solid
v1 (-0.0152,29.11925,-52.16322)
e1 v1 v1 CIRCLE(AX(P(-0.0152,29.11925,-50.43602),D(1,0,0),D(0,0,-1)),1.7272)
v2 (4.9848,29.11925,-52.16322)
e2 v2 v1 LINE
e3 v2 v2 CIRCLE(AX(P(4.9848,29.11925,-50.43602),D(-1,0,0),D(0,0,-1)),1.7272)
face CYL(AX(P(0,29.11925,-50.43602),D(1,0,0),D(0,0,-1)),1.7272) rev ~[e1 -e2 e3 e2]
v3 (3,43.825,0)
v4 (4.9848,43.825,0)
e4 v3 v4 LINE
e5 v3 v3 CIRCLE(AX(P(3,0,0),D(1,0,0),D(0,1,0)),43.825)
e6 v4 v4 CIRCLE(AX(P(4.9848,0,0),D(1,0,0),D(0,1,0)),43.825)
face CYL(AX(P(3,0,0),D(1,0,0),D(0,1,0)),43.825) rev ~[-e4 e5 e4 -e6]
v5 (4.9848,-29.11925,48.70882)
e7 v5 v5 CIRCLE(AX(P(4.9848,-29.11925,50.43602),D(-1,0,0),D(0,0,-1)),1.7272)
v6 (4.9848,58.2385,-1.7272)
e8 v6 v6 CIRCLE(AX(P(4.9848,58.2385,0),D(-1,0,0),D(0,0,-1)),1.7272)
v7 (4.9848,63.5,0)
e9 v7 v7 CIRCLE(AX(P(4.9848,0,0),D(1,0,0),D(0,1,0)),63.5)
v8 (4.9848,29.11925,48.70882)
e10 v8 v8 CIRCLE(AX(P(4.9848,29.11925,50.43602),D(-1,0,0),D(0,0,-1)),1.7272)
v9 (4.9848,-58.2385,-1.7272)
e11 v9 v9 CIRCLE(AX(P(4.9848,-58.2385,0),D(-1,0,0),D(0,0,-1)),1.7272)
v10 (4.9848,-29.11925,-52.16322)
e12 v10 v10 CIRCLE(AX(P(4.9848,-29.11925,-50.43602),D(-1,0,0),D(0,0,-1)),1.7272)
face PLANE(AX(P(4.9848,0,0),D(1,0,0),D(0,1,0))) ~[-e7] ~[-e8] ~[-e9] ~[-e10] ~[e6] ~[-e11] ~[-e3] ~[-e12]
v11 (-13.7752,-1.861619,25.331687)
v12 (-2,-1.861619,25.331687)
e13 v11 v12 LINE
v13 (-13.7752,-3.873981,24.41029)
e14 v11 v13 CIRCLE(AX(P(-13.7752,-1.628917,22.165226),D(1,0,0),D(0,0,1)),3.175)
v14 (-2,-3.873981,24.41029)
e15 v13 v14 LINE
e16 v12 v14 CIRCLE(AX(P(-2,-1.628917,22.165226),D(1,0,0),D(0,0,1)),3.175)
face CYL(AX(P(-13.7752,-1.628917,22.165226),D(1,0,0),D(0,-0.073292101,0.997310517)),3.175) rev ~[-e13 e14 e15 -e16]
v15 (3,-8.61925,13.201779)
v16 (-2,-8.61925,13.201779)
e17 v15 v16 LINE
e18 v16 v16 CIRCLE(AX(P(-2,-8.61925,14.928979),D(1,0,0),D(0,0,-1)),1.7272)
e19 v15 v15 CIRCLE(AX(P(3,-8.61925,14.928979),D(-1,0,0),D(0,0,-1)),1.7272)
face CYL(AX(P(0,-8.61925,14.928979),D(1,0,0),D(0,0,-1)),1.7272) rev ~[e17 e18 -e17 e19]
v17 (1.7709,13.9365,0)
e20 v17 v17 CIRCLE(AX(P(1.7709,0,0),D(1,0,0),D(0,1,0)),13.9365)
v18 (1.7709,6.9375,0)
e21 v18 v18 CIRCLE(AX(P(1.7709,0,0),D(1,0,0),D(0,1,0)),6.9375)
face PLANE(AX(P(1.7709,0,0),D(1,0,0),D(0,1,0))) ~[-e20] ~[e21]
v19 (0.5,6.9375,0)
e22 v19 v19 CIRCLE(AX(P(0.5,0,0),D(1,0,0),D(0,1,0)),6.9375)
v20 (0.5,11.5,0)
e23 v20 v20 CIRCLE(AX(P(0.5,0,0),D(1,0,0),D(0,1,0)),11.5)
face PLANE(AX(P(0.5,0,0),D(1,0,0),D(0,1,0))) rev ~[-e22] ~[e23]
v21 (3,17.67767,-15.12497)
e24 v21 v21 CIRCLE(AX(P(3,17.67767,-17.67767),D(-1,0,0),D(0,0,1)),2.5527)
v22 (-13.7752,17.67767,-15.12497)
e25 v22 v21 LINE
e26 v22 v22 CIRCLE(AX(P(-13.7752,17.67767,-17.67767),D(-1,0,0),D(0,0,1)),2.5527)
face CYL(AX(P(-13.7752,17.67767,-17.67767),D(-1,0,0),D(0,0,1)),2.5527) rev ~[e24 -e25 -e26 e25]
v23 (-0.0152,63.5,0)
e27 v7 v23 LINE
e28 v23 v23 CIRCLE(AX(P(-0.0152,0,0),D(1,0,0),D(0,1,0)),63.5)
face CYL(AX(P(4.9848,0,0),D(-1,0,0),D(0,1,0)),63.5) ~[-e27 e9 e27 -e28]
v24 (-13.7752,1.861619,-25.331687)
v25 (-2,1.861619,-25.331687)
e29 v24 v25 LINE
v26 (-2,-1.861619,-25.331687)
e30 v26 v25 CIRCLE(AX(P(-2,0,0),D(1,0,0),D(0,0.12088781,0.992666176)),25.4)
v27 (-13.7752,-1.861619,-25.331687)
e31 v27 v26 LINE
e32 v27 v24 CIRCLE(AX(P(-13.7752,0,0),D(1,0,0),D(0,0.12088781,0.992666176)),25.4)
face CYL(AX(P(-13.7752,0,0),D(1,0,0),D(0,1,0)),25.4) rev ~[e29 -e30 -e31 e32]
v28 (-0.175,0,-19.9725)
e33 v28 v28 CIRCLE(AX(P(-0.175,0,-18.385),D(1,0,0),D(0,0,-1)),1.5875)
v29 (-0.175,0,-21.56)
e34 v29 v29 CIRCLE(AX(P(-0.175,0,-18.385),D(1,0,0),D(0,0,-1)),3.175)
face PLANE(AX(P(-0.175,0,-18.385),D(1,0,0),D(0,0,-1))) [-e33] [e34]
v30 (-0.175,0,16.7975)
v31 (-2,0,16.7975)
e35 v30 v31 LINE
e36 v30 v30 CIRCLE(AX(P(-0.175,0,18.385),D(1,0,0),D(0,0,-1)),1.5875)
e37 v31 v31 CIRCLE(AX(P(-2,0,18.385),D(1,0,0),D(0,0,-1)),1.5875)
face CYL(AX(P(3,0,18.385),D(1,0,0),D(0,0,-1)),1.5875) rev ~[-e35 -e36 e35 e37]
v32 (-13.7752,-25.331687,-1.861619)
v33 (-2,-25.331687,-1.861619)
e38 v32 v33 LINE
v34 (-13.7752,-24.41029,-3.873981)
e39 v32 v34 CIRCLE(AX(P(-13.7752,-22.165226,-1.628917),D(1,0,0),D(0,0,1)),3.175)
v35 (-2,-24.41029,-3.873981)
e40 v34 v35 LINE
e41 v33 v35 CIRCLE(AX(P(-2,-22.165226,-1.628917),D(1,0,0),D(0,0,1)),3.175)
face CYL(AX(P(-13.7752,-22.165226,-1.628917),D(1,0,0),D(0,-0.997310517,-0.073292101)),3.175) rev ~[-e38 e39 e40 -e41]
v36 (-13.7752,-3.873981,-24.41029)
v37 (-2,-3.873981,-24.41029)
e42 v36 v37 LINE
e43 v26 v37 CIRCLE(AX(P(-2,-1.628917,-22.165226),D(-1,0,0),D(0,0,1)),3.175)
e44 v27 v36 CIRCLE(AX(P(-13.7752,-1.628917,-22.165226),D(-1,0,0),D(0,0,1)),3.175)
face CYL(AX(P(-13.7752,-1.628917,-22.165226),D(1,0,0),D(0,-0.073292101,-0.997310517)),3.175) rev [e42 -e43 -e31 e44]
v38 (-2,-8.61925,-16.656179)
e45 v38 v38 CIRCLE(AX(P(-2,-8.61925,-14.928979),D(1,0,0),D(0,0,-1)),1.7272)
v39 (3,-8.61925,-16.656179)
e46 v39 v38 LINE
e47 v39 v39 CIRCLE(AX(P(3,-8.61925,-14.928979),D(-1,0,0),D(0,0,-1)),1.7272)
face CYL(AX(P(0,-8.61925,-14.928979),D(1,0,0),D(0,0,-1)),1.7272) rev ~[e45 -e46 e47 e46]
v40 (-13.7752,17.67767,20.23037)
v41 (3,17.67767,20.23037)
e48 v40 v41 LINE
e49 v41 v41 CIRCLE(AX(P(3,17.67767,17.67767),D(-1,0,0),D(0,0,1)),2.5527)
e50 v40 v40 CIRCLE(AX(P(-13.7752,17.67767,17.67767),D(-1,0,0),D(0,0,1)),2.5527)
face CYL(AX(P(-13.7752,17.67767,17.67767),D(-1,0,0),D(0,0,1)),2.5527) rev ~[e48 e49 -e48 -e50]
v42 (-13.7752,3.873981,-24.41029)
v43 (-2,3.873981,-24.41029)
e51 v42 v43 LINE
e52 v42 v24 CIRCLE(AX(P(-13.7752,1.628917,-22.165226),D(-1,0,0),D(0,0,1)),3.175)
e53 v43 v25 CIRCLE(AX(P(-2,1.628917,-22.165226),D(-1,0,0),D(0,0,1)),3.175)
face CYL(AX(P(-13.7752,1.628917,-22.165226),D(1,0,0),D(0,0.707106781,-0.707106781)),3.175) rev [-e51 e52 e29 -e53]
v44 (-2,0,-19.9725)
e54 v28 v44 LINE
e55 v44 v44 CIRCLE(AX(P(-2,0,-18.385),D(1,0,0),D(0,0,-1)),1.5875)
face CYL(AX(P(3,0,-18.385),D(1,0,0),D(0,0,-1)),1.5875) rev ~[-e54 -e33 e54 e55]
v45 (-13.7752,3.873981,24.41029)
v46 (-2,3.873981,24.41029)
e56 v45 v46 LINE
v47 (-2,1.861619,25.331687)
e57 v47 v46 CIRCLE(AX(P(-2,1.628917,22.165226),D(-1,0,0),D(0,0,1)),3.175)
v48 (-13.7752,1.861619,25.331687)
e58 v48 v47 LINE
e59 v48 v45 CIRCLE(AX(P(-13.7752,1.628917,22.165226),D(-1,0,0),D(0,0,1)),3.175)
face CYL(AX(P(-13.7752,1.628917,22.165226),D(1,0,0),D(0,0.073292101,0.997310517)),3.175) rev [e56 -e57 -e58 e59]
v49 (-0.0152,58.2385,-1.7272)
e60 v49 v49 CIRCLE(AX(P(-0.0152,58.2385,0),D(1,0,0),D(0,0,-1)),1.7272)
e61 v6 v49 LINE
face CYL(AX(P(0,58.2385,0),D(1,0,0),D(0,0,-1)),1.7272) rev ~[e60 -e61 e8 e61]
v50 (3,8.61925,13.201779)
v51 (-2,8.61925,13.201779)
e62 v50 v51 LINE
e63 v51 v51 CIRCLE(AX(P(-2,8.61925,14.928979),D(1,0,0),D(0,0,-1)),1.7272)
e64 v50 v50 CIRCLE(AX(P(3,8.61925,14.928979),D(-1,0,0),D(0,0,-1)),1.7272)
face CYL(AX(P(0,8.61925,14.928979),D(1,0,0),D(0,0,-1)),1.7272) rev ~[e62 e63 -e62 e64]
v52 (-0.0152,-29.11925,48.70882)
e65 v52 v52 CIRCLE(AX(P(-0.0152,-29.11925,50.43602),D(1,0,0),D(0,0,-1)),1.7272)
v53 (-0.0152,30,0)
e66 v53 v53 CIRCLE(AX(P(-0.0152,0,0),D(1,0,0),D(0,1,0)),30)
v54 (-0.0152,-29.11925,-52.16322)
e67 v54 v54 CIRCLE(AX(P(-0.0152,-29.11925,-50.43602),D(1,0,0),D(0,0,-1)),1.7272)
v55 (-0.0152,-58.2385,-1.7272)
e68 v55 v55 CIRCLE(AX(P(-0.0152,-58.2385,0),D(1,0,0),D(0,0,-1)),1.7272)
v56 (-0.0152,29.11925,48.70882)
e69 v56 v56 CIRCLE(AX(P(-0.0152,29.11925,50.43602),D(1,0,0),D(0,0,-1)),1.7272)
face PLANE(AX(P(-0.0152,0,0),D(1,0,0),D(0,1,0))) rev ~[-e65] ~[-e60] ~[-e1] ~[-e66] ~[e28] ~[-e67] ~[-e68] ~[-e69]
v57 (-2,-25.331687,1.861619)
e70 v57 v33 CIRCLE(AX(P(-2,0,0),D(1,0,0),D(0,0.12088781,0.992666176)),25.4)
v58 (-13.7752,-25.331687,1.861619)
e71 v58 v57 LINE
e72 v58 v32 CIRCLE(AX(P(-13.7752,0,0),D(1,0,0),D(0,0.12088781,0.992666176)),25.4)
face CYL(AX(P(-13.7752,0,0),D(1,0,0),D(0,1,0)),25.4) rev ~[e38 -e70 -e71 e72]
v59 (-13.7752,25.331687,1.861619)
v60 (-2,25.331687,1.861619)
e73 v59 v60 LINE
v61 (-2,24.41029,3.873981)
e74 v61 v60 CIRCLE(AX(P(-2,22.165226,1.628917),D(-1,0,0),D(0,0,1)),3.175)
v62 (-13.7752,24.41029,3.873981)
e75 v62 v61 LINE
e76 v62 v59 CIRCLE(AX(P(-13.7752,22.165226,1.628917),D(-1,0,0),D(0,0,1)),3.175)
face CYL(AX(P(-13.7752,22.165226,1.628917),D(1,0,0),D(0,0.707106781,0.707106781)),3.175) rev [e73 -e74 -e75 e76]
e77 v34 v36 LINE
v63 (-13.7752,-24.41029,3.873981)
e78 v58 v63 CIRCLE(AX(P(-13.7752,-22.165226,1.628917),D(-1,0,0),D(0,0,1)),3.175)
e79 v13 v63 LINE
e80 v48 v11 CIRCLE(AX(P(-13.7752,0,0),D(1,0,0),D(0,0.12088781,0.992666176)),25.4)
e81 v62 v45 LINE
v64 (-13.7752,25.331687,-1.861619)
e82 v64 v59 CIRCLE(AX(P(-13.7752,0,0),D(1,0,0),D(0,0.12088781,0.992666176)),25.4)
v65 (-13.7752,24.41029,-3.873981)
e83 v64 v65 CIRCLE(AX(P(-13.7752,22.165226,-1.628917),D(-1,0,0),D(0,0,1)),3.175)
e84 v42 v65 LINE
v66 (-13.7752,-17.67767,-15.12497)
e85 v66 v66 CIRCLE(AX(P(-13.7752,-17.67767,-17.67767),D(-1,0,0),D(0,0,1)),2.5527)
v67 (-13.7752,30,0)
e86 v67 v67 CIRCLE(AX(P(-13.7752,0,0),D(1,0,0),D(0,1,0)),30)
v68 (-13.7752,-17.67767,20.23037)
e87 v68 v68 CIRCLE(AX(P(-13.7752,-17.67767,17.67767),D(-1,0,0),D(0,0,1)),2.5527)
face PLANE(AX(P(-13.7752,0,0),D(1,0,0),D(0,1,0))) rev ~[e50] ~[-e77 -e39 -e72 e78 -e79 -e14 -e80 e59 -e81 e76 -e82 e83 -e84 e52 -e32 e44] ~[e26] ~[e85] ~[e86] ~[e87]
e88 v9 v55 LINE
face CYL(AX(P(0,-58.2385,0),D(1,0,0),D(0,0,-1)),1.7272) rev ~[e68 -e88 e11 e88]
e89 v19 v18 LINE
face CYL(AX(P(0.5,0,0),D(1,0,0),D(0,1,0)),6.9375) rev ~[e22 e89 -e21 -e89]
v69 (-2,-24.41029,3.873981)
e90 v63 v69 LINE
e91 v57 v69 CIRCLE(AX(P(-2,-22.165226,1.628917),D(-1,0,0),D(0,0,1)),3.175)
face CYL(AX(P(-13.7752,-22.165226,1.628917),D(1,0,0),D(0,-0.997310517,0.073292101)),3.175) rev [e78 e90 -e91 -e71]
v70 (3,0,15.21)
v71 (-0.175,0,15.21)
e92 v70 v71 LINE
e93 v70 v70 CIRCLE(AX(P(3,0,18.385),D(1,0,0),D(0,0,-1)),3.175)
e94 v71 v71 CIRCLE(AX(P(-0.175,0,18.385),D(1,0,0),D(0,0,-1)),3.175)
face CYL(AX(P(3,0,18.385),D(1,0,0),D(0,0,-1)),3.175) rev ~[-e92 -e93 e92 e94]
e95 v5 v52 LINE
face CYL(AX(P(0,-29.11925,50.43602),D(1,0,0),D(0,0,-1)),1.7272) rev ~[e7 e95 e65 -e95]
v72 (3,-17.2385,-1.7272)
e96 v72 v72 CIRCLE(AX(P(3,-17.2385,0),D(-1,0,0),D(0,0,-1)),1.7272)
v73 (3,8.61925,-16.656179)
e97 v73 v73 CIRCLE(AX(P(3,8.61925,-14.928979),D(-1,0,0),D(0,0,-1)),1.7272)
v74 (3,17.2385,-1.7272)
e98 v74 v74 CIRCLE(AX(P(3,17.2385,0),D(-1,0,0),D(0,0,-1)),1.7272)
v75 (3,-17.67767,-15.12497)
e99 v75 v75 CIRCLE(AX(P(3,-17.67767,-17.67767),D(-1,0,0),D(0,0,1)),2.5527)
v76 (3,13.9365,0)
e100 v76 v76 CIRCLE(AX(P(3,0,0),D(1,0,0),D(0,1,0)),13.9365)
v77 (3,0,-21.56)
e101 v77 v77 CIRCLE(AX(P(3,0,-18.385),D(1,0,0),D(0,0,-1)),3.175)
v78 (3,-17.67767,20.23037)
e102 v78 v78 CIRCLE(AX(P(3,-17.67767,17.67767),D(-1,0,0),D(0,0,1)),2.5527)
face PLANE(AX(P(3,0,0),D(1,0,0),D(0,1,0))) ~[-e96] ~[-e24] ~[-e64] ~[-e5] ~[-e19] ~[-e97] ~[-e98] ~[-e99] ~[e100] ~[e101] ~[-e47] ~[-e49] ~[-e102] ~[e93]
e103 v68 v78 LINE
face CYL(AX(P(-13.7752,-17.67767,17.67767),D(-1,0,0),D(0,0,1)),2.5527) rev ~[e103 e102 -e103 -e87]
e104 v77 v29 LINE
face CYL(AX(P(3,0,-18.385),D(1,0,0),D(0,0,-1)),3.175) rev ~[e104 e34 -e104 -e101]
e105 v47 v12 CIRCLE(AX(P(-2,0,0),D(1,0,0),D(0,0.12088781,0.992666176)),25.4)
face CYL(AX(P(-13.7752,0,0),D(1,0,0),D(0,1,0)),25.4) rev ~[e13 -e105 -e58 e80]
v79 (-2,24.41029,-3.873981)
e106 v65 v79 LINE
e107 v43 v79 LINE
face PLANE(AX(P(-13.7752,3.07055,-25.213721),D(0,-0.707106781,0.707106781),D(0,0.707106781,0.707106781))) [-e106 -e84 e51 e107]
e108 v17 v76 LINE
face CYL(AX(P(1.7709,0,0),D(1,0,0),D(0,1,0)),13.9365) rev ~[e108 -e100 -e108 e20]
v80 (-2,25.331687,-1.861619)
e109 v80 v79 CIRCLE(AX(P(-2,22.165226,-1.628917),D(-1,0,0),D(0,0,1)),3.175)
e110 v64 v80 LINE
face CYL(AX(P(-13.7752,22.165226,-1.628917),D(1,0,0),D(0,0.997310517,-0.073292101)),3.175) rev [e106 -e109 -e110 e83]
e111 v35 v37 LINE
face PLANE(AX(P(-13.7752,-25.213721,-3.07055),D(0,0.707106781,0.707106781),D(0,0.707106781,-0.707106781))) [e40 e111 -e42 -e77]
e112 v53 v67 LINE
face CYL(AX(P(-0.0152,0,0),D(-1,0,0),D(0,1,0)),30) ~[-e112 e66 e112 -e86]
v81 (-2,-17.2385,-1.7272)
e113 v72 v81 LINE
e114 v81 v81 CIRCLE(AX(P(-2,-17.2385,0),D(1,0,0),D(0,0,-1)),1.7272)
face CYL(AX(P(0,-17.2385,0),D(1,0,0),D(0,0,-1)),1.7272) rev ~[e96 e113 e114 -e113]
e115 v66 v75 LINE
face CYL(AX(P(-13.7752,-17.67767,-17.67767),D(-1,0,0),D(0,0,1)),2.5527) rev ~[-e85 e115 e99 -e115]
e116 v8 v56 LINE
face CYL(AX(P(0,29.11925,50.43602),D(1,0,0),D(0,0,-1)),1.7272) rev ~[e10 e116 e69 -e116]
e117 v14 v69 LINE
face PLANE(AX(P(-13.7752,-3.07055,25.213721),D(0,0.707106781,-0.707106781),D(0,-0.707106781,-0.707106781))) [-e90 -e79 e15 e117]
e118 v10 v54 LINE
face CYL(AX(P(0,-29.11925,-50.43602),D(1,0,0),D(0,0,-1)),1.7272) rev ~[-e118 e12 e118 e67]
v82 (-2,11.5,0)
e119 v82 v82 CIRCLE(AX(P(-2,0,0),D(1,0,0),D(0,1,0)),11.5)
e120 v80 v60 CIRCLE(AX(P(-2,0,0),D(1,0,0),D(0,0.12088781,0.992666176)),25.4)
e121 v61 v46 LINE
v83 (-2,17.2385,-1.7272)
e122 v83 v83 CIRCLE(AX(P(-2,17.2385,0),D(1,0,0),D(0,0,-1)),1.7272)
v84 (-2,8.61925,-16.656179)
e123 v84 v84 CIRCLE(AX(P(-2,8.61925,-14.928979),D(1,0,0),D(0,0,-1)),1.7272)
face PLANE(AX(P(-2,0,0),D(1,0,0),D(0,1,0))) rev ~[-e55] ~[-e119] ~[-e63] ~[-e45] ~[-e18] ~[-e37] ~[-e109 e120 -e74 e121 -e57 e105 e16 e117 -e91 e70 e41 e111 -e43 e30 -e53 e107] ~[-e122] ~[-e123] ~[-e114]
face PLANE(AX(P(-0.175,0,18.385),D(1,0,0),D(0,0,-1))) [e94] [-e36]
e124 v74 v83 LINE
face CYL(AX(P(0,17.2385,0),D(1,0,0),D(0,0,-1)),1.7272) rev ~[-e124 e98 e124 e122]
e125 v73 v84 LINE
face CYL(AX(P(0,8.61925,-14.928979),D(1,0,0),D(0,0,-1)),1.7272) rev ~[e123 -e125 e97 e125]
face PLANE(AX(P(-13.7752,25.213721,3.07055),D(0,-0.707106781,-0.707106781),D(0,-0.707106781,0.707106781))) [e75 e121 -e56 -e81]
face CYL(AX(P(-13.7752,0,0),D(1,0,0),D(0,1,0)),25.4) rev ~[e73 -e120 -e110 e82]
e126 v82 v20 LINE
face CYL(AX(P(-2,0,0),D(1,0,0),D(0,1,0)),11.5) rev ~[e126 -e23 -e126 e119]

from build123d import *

# Parameters (mm, degrees)
SKETCH4_R               = 1.7272
CUT_EXTRUDE1_DEPTH      = 5.984800038
CUT_EXTRUDE1_DEPTH_BACK = 14.77519978
SKETCH5_R               = 1.5875
CUT_EXTRUDE2_DEPTH      = 17.775199622
SKETCH6_R               = 3.175
CUT_EXTRUDE3_DEPTH      = 3.175
BOSS_EXTRUDE1_REACH     = 20.76
FILLET1_R               = 3.175
SKETCH8_R               = 2.5527
CUT_EXTRUDE4_DEPTH      = 19.759999818


with BuildPart() as part:
    # Sketch2 → Revolve1 (revolve)
    with BuildSketch(Plane.XY):
        Polygon((-0.015199868, 29.999999944), (-1.815199824, 29.999999944), (-11.775199716, 29.999999944), (-13.77519978, 29.999999944), (-13.77519978, 25.4), (-2.000000064, 25.4), (-2.000000064, 11.499999987), (0.500000016, 11.499999987), (0.500000016, 6.937499968), (1.770899684, 6.937499968), (1.770899684, 7.9375), (1.770899684, 13.93649994), (2.999999842, 13.93649994), (2.999999842, 43.824999885), (4.984800038, 43.824999885), (4.984800038, 44.824999885), (4.984800038, 54.936499982), (4.984800038, 63.5), (-0.015199868, 63.5), align=None)
    revolve(axis=Axis((0, 0, 0), (1, 0, 0)))

    # Sketch4 → Cut-Extrude1 (cut, two sides)
    with BuildSketch(Plane(origin=(0, 0, 0), x_dir=(0, 0, -1), z_dir=(1, 0, 0))) as cut_extrude1_sk:
        with Locations((0, 58.238499982)):
            Circle(SKETCH4_R)
        with Locations((50.436020463, 29.119249991)):
            Circle(SKETCH4_R)
        with Locations((50.436020463, -29.119249991)):
            Circle(SKETCH4_R)
        with Locations((0, -58.238499982)):
            Circle(SKETCH4_R)
        with Locations((-50.436020463, -29.119249991)):
            Circle(SKETCH4_R)
        with Locations((-50.436020463, 29.119249991)):
            Circle(SKETCH4_R)
        with Locations((-14.928978871, 8.61924997)):
            Circle(SKETCH4_R)
        with Locations((0, 17.23849994)):
            Circle(SKETCH4_R)
        with Locations((14.928978871, 8.61924997)):
            Circle(SKETCH4_R)
        with Locations((14.928978871, -8.61924997)):
            Circle(SKETCH4_R)
        with Locations((0, -17.23849994)):
            Circle(SKETCH4_R)
        with Locations((-14.928978871, -8.61924997)):
            Circle(SKETCH4_R)
    extrude(amount=CUT_EXTRUDE1_DEPTH, mode=Mode.SUBTRACT)
    extrude(cut_extrude1_sk.sketch, amount=-CUT_EXTRUDE1_DEPTH_BACK, mode=Mode.SUBTRACT)

    # Sketch5 → Cut-Extrude2 (cut, through all)
    with BuildSketch(Plane(origin=(2.999999842, 0, 0), x_dir=(0, 0, -1), z_dir=(1, 0, 0))):
        with Locations((-18.385, 0)):
            Circle(SKETCH5_R)
        with Locations((18.385, 0)):
            Circle(SKETCH5_R)
    extrude(amount=-CUT_EXTRUDE2_DEPTH, mode=Mode.SUBTRACT)

    # Sketch6 → Cut-Extrude3 (cut)
    with BuildSketch(Plane(origin=(2.999999842, 0, 0), x_dir=(0, 0, -1), z_dir=(1, 0, 0))):
        with Locations((-18.385, 0)):
            Circle(SKETCH6_R)
        with Locations((18.385, 0)):
            Circle(SKETCH6_R)
    extrude(amount=-CUT_EXTRUDE3_DEPTH, mode=Mode.SUBTRACT)

    # Sketch7 → Boss-Extrude1 (add, up to next)
    with BuildSketch(Plane.ZY.offset(13.77519978), mode=Mode.PRIVATE) as boss_extrude1_sk1:
        with BuildLine():
            ThreePointArc((25.213720876, 3.070550371), (17.960512242, 17.960512242), (3.070550371, 25.213720876))
            Line((3.070550371, 25.213720876), (25.213720876, 3.070550371))
        make_face()
    boss_extrude1_tool1 = extrude(boss_extrude1_sk1.sketch, amount=-BOSS_EXTRUDE1_REACH, mode=Mode.PRIVATE) - part.part
    add(boss_extrude1_tool1.solids().sort_by_distance((-13.7752, 15.684318, 15.684318))[0])
    # Sketch7 → Boss-Extrude1 (add, up to next)
    with BuildSketch(Plane.ZY.offset(13.77519978), mode=Mode.PRIVATE) as boss_extrude1_sk2:
        with BuildLine():
            Line((-25.213720876, 3.070550371), (-3.070550371, 25.213720876))
            ThreePointArc((-3.070550371, 25.213720876), (-17.960512242, 17.960512242), (-25.213720876, 3.070550371))
        make_face()
    boss_extrude1_tool2 = extrude(boss_extrude1_sk2.sketch, amount=-BOSS_EXTRUDE1_REACH, mode=Mode.PRIVATE) - part.part
    add(boss_extrude1_tool2.solids().sort_by_distance((-13.7752, 15.684318, -15.684318))[0])
    # Sketch7 → Boss-Extrude1 (add, up to next)
    with BuildSketch(Plane.ZY.offset(13.77519978), mode=Mode.PRIVATE) as boss_extrude1_sk3:
        with BuildLine():
            Line((-3.070550371, -25.213720876), (-25.213720876, -3.070550371))
            ThreePointArc((-25.213720876, -3.070550371), (-17.960512242, -17.960512242), (-3.070550371, -25.213720876))
        make_face()
    boss_extrude1_tool3 = extrude(boss_extrude1_sk3.sketch, amount=-BOSS_EXTRUDE1_REACH, mode=Mode.PRIVATE) - part.part
    add(boss_extrude1_tool3.solids().sort_by_distance((-13.7752, -15.684318, -15.684318))[0])
    # Sketch7 → Boss-Extrude1 (add, up to next)
    with BuildSketch(Plane.ZY.offset(13.77519978), mode=Mode.PRIVATE) as boss_extrude1_sk4:
        with BuildLine():
            ThreePointArc((3.070550371, -25.213720876), (17.960512242, -17.960512242), (25.213720876, -3.070550371))
            Line((25.213720876, -3.070550371), (3.070550371, -25.213720876))
        make_face()
    boss_extrude1_tool4 = extrude(boss_extrude1_sk4.sketch, amount=-BOSS_EXTRUDE1_REACH, mode=Mode.PRIVATE) - part.part
    add(boss_extrude1_tool4.solids().sort_by_distance((-13.7752, -15.684318, 15.684318))[0])

    # Fillet1
    fillet1_edges = [part.edges().sort_by_distance(p)[0] for p in [
        (-7.887599922, 3.070550371, 25.213720876),
        (-7.887599922, 25.213720876, 3.070550371),
        (-7.887599922, 25.213720876, -3.070550371),
        (-7.887599922, 3.070550371, -25.213720876),
        (-7.887599922, -3.070550371, -25.213720876),
        (-7.887599922, -25.213720876, -3.070550371),
        (-7.887599922, -25.213720876, 3.070550371),
        (-7.887599922, -3.070550371, 25.213720876),
    ]]
    fillet(fillet1_edges, radius=FILLET1_R)

    # Sketch8 → Cut-Extrude4 (cut, through all)
    with BuildSketch(Plane.ZY.offset(13.77519978)):
        with Locations((17.67766951, 17.67766951)):
            Circle(SKETCH8_R)
        with Locations((17.67766951, -17.67766951)):
            Circle(SKETCH8_R)
        with Locations((-17.67766951, -17.67766951)):
            Circle(SKETCH8_R)
        with Locations((-17.67766951, 17.67766951)):
            Circle(SKETCH8_R)
    extrude(amount=-CUT_EXTRUDE4_DEPTH, mode=Mode.SUBTRACT)


solid = part.part
